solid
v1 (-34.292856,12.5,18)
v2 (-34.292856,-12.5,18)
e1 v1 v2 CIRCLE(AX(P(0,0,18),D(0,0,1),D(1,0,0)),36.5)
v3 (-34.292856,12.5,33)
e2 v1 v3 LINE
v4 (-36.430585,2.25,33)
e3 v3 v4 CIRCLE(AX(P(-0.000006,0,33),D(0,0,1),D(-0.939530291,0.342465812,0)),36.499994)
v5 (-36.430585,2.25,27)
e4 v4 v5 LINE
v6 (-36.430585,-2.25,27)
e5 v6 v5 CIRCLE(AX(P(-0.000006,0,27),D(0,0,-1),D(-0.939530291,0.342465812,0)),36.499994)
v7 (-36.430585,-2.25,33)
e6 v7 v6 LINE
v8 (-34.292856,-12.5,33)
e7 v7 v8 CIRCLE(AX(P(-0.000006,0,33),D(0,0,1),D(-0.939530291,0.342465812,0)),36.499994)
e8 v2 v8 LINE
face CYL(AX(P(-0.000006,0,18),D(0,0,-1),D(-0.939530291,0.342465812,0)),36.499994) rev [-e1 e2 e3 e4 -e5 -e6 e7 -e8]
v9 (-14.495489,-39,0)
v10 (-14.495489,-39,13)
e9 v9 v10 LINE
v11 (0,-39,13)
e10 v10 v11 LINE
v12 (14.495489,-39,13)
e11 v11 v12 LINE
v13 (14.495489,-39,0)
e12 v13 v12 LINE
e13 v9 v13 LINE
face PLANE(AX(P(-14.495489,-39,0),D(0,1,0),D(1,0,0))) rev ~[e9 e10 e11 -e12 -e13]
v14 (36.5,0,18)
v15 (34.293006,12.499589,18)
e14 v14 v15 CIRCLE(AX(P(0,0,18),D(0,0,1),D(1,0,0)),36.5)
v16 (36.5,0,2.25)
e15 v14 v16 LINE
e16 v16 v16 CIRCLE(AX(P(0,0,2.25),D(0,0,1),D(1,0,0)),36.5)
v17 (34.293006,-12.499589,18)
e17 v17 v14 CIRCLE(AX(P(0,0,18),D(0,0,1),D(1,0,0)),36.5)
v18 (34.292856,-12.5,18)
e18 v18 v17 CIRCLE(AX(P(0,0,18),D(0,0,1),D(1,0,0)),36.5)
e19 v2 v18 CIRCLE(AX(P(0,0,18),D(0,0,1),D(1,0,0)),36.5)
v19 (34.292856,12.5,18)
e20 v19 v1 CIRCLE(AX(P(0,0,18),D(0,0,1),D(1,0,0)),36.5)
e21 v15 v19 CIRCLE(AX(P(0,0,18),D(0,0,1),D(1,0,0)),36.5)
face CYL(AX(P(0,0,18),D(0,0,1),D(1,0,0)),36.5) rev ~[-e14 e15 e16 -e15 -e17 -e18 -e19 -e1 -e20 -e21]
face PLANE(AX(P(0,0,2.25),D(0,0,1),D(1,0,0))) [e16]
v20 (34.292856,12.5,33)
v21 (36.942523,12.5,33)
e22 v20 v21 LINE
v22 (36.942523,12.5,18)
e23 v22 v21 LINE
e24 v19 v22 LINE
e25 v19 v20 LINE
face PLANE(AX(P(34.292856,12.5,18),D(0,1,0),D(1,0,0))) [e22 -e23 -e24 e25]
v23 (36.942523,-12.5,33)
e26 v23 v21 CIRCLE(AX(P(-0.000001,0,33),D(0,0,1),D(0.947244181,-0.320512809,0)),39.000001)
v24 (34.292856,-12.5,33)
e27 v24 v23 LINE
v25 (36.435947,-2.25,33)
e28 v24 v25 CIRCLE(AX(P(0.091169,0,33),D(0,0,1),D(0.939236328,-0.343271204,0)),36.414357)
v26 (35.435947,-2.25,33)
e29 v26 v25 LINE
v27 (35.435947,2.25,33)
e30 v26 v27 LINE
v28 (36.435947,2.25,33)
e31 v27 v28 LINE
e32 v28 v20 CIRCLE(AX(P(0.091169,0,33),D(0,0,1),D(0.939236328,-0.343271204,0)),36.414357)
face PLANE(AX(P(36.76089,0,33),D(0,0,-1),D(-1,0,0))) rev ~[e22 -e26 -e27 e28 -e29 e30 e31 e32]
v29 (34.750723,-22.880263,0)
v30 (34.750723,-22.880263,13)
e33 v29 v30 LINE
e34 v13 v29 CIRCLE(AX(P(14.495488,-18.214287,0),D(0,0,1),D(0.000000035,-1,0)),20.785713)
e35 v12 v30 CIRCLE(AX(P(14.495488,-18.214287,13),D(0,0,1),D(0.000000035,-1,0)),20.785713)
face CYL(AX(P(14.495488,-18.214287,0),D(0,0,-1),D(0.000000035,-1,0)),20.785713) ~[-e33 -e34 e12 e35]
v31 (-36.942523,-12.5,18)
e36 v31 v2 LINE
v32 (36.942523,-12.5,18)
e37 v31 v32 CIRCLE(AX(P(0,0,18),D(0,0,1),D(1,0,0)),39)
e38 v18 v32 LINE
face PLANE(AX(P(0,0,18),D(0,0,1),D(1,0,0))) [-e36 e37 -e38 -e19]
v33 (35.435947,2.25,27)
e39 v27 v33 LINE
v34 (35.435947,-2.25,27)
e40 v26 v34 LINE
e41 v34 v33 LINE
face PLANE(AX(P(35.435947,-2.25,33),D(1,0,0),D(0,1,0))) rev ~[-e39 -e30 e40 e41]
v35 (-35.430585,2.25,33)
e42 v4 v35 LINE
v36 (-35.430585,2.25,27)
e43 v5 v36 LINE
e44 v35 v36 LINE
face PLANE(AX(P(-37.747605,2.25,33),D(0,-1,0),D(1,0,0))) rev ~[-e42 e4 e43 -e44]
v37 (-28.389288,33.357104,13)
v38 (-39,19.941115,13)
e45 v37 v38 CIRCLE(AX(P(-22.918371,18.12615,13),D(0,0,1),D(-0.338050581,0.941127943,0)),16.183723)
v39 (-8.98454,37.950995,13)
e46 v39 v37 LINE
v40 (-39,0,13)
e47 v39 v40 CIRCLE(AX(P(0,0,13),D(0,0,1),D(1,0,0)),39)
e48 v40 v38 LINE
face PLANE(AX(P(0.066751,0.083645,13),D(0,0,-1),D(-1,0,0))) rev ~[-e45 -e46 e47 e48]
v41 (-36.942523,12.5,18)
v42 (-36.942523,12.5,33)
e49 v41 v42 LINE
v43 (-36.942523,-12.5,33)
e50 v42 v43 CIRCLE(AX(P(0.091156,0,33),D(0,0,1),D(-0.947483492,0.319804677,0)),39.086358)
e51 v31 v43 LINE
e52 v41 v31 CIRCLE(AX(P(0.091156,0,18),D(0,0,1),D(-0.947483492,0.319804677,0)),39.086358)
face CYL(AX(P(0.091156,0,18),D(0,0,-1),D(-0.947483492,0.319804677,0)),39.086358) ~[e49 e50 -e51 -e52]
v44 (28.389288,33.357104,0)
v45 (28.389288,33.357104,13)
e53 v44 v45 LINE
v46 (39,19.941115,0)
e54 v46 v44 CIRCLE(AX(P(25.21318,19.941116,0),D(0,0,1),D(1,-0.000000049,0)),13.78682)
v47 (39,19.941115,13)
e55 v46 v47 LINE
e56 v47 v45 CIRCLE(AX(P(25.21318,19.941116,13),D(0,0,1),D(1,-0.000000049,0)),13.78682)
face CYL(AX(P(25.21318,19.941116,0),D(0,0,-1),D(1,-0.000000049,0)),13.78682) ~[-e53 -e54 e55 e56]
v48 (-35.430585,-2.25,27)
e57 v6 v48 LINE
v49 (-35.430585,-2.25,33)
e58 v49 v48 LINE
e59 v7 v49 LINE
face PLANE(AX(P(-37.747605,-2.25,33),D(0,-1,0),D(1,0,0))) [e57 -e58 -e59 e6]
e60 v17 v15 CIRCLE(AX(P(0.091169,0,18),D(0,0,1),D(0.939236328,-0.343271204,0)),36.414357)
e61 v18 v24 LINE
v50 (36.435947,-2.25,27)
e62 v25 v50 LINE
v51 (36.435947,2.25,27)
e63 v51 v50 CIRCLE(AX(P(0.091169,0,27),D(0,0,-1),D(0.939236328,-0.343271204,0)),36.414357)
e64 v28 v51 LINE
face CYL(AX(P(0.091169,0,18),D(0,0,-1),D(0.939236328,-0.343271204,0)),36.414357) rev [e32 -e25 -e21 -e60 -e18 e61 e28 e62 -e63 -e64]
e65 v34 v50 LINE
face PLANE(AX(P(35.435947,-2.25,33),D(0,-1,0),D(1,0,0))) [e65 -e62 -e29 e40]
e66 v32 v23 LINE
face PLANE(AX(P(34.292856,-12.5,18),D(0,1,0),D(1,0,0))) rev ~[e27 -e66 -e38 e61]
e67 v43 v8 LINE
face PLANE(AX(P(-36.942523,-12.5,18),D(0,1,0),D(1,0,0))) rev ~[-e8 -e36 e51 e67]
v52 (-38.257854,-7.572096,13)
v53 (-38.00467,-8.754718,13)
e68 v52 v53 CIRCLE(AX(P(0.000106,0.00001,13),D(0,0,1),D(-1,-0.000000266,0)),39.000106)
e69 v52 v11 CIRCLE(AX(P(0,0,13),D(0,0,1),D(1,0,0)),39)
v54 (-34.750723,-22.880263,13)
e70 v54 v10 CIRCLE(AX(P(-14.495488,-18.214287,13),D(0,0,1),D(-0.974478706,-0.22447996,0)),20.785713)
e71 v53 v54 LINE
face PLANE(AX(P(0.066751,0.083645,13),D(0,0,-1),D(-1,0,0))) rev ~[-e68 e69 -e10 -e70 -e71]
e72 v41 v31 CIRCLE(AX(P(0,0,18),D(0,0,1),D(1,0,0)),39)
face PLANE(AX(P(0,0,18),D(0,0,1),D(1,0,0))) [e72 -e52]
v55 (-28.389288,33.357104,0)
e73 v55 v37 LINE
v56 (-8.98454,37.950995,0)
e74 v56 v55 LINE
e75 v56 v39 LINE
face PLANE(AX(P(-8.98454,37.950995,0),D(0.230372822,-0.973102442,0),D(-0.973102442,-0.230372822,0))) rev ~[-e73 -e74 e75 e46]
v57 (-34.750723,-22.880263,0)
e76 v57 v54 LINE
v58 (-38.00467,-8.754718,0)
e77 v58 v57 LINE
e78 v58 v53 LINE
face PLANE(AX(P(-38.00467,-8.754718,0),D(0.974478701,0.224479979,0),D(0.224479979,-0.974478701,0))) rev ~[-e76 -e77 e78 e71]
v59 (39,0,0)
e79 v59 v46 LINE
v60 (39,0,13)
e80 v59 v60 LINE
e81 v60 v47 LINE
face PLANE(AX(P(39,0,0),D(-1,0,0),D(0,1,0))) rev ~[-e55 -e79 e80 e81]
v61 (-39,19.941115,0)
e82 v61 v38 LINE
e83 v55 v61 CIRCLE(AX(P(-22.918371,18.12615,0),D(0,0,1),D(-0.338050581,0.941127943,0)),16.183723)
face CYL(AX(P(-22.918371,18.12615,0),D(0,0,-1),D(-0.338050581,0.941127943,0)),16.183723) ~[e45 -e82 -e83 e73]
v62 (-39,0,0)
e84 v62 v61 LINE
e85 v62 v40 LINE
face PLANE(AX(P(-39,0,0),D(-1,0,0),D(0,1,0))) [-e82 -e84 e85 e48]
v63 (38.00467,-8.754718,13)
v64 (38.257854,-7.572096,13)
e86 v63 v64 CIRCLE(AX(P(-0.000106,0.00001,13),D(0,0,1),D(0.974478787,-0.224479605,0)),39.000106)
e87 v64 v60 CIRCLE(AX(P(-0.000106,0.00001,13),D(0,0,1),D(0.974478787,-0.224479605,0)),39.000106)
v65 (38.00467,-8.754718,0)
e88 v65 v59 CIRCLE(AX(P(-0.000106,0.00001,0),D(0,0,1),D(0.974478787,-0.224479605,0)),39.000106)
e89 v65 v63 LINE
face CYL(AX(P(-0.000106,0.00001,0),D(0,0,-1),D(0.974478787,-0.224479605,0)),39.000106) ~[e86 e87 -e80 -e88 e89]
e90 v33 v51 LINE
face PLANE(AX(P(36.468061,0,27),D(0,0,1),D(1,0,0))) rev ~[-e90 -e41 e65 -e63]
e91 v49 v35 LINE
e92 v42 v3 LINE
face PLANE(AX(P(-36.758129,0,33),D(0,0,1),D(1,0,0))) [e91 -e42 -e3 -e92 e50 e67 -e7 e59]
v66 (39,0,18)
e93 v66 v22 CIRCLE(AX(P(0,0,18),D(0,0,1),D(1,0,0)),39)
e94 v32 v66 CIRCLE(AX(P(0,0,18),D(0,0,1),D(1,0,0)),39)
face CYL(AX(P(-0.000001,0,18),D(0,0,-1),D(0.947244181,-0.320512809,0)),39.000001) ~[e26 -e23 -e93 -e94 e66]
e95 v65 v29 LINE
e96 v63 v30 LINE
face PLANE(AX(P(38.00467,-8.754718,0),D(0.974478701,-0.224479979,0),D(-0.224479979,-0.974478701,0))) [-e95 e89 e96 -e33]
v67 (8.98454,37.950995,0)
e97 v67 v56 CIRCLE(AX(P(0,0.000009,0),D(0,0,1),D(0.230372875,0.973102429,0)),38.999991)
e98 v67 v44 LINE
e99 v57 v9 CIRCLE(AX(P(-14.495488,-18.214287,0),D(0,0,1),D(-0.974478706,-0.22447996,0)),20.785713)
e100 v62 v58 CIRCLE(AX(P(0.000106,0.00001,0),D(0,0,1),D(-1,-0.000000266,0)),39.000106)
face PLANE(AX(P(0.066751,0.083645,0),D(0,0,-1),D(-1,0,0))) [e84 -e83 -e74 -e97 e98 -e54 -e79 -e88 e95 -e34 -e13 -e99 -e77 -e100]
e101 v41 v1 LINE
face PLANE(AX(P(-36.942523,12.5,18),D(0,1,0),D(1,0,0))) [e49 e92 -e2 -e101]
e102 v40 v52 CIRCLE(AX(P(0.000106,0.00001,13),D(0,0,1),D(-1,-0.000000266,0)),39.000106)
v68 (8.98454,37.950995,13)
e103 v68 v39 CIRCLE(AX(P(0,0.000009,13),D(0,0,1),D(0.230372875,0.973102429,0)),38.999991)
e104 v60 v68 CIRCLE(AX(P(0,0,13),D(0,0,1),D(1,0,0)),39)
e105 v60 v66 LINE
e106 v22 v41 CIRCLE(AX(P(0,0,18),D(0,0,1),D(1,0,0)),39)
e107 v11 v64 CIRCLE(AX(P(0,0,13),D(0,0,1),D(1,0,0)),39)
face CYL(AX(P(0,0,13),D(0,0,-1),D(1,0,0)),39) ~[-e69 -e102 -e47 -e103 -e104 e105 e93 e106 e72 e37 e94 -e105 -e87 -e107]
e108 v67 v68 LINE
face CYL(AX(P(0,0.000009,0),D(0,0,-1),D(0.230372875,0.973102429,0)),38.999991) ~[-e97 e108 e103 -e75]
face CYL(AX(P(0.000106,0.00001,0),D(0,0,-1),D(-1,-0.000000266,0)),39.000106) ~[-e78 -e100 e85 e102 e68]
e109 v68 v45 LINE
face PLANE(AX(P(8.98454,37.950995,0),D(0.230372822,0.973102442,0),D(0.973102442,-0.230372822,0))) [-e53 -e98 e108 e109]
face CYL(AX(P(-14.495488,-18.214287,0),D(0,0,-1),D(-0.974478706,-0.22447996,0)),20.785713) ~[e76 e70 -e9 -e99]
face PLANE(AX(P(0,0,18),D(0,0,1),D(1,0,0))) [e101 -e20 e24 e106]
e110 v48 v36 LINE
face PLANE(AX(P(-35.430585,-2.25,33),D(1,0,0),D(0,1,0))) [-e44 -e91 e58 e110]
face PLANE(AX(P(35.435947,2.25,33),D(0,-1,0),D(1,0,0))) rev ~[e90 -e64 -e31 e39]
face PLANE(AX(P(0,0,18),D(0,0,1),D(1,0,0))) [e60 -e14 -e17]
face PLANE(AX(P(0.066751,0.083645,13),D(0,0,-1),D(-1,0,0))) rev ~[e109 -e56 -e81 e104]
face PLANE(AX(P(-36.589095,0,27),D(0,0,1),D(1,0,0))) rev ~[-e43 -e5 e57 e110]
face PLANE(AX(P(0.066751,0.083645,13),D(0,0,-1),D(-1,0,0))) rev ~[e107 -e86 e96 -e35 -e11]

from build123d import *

# Parameters (mm, degrees)
PAD_DEPTH     = 13
SKETCH001_R   = 39
PAD001_DEPTH  = 5
SKETCH002_R   = 36.5
POCKET_DEPTH  = 15.75
PAD002_DEPTH  = 15
SKETCH004_W   = 2.317019
SKETCH004_H   = 4.5
SKETCH004_W_2 = 2.064228
PAD003_DEPTH  = 6


with BuildPart() as part:
    # Sketch → Pad (new body)
    with BuildSketch(Plane.XY):
        with BuildLine():
            Line((8.98454, 37.950995), (28.389288, 33.357104))
            ThreePointArc((39, 19.941115), (36.026709, 28.493542), (28.389288, 33.357104))
            Line((39, 0), (39, 19.941115))
            ThreePointArc((38.00467, -8.754718), (38.750368, -4.405558), (39, 0))
            Line((38.00467, -8.754718), (34.750723, -22.880263))
            ThreePointArc((14.495489, -39), (27.438831, -34.478227), (34.750723, -22.880263))
            Line((4e-06, -39), (14.495489, -39))
            Line((4e-06, -39), (-14.495489, -39))
            ThreePointArc((-34.750723, -22.880263), (-27.438831, -34.478227), (-14.495489, -39))
            Line((-38.00467, -8.754718), (-34.750723, -22.880263))
            ThreePointArc((-39, 0), (-38.750368, -4.405558), (-38.00467, -8.754718))
            Line((-39, 0), (-39, 19.941115))
            ThreePointArc((-28.389288, 33.357104), (-35.611883, 28.165455), (-39, 19.941115))
            Line((-8.98454, 37.950995), (-28.389288, 33.357104))
            ThreePointArc((8.98454, 37.950995), (0, 39), (-8.98454, 37.950995))
        make_face()
    extrude(amount=PAD_DEPTH)

    # Sketch001 (on Face17 of Pad) → Pad001 (join)
    with BuildSketch(Plane.XY.offset(13)):
        Circle(SKETCH001_R)
    extrude(amount=PAD001_DEPTH)

    # Sketch002 (on Face22 of Pad001) → Pocket (cut)
    with BuildSketch(Plane.XY.offset(18)):
        Circle(SKETCH002_R)
    extrude(amount=-POCKET_DEPTH, mode=Mode.SUBTRACT)

    # Sketch003 (on Face22 of Pocket) → Pad002 (join)
    with BuildSketch(Plane.XY.offset(18)):
        with BuildLine():
            ThreePointArc((-36.942523, 12.5), (-38.995202, 0), (-36.942523, -12.5))
            Line((-36.942523, -12.5), (-34.292856, -12.5))
            ThreePointArc((-34.292856, 12.5), (-36.5, 0), (-34.292856, -12.5))
            Line((-36.942523, 12.5), (-34.292856, 12.5))
        make_face()
        with BuildLine():
            ThreePointArc((34.292856, -12.5), (36.505526, 0), (34.292856, 12.5))
            Line((34.292856, 12.5), (36.942523, 12.5))
            ThreePointArc((36.942523, -12.5), (39, 0), (36.942523, 12.5))
            Line((34.292856, -12.5), (36.942523, -12.5))
        make_face()
    extrude(amount=PAD002_DEPTH)

    # Sketch004 (on Face35 of Pad002) → Pad003 (join)
    with BuildSketch(Plane.XY.offset(33)):
        with Locations((-36.589095, 0)):
            Rectangle(SKETCH004_W, SKETCH004_H)
        with Locations((36.468061, 0)):
            Rectangle(SKETCH004_W_2, SKETCH004_H)
    extrude(amount=-PAD003_DEPTH)


solid = part.part
